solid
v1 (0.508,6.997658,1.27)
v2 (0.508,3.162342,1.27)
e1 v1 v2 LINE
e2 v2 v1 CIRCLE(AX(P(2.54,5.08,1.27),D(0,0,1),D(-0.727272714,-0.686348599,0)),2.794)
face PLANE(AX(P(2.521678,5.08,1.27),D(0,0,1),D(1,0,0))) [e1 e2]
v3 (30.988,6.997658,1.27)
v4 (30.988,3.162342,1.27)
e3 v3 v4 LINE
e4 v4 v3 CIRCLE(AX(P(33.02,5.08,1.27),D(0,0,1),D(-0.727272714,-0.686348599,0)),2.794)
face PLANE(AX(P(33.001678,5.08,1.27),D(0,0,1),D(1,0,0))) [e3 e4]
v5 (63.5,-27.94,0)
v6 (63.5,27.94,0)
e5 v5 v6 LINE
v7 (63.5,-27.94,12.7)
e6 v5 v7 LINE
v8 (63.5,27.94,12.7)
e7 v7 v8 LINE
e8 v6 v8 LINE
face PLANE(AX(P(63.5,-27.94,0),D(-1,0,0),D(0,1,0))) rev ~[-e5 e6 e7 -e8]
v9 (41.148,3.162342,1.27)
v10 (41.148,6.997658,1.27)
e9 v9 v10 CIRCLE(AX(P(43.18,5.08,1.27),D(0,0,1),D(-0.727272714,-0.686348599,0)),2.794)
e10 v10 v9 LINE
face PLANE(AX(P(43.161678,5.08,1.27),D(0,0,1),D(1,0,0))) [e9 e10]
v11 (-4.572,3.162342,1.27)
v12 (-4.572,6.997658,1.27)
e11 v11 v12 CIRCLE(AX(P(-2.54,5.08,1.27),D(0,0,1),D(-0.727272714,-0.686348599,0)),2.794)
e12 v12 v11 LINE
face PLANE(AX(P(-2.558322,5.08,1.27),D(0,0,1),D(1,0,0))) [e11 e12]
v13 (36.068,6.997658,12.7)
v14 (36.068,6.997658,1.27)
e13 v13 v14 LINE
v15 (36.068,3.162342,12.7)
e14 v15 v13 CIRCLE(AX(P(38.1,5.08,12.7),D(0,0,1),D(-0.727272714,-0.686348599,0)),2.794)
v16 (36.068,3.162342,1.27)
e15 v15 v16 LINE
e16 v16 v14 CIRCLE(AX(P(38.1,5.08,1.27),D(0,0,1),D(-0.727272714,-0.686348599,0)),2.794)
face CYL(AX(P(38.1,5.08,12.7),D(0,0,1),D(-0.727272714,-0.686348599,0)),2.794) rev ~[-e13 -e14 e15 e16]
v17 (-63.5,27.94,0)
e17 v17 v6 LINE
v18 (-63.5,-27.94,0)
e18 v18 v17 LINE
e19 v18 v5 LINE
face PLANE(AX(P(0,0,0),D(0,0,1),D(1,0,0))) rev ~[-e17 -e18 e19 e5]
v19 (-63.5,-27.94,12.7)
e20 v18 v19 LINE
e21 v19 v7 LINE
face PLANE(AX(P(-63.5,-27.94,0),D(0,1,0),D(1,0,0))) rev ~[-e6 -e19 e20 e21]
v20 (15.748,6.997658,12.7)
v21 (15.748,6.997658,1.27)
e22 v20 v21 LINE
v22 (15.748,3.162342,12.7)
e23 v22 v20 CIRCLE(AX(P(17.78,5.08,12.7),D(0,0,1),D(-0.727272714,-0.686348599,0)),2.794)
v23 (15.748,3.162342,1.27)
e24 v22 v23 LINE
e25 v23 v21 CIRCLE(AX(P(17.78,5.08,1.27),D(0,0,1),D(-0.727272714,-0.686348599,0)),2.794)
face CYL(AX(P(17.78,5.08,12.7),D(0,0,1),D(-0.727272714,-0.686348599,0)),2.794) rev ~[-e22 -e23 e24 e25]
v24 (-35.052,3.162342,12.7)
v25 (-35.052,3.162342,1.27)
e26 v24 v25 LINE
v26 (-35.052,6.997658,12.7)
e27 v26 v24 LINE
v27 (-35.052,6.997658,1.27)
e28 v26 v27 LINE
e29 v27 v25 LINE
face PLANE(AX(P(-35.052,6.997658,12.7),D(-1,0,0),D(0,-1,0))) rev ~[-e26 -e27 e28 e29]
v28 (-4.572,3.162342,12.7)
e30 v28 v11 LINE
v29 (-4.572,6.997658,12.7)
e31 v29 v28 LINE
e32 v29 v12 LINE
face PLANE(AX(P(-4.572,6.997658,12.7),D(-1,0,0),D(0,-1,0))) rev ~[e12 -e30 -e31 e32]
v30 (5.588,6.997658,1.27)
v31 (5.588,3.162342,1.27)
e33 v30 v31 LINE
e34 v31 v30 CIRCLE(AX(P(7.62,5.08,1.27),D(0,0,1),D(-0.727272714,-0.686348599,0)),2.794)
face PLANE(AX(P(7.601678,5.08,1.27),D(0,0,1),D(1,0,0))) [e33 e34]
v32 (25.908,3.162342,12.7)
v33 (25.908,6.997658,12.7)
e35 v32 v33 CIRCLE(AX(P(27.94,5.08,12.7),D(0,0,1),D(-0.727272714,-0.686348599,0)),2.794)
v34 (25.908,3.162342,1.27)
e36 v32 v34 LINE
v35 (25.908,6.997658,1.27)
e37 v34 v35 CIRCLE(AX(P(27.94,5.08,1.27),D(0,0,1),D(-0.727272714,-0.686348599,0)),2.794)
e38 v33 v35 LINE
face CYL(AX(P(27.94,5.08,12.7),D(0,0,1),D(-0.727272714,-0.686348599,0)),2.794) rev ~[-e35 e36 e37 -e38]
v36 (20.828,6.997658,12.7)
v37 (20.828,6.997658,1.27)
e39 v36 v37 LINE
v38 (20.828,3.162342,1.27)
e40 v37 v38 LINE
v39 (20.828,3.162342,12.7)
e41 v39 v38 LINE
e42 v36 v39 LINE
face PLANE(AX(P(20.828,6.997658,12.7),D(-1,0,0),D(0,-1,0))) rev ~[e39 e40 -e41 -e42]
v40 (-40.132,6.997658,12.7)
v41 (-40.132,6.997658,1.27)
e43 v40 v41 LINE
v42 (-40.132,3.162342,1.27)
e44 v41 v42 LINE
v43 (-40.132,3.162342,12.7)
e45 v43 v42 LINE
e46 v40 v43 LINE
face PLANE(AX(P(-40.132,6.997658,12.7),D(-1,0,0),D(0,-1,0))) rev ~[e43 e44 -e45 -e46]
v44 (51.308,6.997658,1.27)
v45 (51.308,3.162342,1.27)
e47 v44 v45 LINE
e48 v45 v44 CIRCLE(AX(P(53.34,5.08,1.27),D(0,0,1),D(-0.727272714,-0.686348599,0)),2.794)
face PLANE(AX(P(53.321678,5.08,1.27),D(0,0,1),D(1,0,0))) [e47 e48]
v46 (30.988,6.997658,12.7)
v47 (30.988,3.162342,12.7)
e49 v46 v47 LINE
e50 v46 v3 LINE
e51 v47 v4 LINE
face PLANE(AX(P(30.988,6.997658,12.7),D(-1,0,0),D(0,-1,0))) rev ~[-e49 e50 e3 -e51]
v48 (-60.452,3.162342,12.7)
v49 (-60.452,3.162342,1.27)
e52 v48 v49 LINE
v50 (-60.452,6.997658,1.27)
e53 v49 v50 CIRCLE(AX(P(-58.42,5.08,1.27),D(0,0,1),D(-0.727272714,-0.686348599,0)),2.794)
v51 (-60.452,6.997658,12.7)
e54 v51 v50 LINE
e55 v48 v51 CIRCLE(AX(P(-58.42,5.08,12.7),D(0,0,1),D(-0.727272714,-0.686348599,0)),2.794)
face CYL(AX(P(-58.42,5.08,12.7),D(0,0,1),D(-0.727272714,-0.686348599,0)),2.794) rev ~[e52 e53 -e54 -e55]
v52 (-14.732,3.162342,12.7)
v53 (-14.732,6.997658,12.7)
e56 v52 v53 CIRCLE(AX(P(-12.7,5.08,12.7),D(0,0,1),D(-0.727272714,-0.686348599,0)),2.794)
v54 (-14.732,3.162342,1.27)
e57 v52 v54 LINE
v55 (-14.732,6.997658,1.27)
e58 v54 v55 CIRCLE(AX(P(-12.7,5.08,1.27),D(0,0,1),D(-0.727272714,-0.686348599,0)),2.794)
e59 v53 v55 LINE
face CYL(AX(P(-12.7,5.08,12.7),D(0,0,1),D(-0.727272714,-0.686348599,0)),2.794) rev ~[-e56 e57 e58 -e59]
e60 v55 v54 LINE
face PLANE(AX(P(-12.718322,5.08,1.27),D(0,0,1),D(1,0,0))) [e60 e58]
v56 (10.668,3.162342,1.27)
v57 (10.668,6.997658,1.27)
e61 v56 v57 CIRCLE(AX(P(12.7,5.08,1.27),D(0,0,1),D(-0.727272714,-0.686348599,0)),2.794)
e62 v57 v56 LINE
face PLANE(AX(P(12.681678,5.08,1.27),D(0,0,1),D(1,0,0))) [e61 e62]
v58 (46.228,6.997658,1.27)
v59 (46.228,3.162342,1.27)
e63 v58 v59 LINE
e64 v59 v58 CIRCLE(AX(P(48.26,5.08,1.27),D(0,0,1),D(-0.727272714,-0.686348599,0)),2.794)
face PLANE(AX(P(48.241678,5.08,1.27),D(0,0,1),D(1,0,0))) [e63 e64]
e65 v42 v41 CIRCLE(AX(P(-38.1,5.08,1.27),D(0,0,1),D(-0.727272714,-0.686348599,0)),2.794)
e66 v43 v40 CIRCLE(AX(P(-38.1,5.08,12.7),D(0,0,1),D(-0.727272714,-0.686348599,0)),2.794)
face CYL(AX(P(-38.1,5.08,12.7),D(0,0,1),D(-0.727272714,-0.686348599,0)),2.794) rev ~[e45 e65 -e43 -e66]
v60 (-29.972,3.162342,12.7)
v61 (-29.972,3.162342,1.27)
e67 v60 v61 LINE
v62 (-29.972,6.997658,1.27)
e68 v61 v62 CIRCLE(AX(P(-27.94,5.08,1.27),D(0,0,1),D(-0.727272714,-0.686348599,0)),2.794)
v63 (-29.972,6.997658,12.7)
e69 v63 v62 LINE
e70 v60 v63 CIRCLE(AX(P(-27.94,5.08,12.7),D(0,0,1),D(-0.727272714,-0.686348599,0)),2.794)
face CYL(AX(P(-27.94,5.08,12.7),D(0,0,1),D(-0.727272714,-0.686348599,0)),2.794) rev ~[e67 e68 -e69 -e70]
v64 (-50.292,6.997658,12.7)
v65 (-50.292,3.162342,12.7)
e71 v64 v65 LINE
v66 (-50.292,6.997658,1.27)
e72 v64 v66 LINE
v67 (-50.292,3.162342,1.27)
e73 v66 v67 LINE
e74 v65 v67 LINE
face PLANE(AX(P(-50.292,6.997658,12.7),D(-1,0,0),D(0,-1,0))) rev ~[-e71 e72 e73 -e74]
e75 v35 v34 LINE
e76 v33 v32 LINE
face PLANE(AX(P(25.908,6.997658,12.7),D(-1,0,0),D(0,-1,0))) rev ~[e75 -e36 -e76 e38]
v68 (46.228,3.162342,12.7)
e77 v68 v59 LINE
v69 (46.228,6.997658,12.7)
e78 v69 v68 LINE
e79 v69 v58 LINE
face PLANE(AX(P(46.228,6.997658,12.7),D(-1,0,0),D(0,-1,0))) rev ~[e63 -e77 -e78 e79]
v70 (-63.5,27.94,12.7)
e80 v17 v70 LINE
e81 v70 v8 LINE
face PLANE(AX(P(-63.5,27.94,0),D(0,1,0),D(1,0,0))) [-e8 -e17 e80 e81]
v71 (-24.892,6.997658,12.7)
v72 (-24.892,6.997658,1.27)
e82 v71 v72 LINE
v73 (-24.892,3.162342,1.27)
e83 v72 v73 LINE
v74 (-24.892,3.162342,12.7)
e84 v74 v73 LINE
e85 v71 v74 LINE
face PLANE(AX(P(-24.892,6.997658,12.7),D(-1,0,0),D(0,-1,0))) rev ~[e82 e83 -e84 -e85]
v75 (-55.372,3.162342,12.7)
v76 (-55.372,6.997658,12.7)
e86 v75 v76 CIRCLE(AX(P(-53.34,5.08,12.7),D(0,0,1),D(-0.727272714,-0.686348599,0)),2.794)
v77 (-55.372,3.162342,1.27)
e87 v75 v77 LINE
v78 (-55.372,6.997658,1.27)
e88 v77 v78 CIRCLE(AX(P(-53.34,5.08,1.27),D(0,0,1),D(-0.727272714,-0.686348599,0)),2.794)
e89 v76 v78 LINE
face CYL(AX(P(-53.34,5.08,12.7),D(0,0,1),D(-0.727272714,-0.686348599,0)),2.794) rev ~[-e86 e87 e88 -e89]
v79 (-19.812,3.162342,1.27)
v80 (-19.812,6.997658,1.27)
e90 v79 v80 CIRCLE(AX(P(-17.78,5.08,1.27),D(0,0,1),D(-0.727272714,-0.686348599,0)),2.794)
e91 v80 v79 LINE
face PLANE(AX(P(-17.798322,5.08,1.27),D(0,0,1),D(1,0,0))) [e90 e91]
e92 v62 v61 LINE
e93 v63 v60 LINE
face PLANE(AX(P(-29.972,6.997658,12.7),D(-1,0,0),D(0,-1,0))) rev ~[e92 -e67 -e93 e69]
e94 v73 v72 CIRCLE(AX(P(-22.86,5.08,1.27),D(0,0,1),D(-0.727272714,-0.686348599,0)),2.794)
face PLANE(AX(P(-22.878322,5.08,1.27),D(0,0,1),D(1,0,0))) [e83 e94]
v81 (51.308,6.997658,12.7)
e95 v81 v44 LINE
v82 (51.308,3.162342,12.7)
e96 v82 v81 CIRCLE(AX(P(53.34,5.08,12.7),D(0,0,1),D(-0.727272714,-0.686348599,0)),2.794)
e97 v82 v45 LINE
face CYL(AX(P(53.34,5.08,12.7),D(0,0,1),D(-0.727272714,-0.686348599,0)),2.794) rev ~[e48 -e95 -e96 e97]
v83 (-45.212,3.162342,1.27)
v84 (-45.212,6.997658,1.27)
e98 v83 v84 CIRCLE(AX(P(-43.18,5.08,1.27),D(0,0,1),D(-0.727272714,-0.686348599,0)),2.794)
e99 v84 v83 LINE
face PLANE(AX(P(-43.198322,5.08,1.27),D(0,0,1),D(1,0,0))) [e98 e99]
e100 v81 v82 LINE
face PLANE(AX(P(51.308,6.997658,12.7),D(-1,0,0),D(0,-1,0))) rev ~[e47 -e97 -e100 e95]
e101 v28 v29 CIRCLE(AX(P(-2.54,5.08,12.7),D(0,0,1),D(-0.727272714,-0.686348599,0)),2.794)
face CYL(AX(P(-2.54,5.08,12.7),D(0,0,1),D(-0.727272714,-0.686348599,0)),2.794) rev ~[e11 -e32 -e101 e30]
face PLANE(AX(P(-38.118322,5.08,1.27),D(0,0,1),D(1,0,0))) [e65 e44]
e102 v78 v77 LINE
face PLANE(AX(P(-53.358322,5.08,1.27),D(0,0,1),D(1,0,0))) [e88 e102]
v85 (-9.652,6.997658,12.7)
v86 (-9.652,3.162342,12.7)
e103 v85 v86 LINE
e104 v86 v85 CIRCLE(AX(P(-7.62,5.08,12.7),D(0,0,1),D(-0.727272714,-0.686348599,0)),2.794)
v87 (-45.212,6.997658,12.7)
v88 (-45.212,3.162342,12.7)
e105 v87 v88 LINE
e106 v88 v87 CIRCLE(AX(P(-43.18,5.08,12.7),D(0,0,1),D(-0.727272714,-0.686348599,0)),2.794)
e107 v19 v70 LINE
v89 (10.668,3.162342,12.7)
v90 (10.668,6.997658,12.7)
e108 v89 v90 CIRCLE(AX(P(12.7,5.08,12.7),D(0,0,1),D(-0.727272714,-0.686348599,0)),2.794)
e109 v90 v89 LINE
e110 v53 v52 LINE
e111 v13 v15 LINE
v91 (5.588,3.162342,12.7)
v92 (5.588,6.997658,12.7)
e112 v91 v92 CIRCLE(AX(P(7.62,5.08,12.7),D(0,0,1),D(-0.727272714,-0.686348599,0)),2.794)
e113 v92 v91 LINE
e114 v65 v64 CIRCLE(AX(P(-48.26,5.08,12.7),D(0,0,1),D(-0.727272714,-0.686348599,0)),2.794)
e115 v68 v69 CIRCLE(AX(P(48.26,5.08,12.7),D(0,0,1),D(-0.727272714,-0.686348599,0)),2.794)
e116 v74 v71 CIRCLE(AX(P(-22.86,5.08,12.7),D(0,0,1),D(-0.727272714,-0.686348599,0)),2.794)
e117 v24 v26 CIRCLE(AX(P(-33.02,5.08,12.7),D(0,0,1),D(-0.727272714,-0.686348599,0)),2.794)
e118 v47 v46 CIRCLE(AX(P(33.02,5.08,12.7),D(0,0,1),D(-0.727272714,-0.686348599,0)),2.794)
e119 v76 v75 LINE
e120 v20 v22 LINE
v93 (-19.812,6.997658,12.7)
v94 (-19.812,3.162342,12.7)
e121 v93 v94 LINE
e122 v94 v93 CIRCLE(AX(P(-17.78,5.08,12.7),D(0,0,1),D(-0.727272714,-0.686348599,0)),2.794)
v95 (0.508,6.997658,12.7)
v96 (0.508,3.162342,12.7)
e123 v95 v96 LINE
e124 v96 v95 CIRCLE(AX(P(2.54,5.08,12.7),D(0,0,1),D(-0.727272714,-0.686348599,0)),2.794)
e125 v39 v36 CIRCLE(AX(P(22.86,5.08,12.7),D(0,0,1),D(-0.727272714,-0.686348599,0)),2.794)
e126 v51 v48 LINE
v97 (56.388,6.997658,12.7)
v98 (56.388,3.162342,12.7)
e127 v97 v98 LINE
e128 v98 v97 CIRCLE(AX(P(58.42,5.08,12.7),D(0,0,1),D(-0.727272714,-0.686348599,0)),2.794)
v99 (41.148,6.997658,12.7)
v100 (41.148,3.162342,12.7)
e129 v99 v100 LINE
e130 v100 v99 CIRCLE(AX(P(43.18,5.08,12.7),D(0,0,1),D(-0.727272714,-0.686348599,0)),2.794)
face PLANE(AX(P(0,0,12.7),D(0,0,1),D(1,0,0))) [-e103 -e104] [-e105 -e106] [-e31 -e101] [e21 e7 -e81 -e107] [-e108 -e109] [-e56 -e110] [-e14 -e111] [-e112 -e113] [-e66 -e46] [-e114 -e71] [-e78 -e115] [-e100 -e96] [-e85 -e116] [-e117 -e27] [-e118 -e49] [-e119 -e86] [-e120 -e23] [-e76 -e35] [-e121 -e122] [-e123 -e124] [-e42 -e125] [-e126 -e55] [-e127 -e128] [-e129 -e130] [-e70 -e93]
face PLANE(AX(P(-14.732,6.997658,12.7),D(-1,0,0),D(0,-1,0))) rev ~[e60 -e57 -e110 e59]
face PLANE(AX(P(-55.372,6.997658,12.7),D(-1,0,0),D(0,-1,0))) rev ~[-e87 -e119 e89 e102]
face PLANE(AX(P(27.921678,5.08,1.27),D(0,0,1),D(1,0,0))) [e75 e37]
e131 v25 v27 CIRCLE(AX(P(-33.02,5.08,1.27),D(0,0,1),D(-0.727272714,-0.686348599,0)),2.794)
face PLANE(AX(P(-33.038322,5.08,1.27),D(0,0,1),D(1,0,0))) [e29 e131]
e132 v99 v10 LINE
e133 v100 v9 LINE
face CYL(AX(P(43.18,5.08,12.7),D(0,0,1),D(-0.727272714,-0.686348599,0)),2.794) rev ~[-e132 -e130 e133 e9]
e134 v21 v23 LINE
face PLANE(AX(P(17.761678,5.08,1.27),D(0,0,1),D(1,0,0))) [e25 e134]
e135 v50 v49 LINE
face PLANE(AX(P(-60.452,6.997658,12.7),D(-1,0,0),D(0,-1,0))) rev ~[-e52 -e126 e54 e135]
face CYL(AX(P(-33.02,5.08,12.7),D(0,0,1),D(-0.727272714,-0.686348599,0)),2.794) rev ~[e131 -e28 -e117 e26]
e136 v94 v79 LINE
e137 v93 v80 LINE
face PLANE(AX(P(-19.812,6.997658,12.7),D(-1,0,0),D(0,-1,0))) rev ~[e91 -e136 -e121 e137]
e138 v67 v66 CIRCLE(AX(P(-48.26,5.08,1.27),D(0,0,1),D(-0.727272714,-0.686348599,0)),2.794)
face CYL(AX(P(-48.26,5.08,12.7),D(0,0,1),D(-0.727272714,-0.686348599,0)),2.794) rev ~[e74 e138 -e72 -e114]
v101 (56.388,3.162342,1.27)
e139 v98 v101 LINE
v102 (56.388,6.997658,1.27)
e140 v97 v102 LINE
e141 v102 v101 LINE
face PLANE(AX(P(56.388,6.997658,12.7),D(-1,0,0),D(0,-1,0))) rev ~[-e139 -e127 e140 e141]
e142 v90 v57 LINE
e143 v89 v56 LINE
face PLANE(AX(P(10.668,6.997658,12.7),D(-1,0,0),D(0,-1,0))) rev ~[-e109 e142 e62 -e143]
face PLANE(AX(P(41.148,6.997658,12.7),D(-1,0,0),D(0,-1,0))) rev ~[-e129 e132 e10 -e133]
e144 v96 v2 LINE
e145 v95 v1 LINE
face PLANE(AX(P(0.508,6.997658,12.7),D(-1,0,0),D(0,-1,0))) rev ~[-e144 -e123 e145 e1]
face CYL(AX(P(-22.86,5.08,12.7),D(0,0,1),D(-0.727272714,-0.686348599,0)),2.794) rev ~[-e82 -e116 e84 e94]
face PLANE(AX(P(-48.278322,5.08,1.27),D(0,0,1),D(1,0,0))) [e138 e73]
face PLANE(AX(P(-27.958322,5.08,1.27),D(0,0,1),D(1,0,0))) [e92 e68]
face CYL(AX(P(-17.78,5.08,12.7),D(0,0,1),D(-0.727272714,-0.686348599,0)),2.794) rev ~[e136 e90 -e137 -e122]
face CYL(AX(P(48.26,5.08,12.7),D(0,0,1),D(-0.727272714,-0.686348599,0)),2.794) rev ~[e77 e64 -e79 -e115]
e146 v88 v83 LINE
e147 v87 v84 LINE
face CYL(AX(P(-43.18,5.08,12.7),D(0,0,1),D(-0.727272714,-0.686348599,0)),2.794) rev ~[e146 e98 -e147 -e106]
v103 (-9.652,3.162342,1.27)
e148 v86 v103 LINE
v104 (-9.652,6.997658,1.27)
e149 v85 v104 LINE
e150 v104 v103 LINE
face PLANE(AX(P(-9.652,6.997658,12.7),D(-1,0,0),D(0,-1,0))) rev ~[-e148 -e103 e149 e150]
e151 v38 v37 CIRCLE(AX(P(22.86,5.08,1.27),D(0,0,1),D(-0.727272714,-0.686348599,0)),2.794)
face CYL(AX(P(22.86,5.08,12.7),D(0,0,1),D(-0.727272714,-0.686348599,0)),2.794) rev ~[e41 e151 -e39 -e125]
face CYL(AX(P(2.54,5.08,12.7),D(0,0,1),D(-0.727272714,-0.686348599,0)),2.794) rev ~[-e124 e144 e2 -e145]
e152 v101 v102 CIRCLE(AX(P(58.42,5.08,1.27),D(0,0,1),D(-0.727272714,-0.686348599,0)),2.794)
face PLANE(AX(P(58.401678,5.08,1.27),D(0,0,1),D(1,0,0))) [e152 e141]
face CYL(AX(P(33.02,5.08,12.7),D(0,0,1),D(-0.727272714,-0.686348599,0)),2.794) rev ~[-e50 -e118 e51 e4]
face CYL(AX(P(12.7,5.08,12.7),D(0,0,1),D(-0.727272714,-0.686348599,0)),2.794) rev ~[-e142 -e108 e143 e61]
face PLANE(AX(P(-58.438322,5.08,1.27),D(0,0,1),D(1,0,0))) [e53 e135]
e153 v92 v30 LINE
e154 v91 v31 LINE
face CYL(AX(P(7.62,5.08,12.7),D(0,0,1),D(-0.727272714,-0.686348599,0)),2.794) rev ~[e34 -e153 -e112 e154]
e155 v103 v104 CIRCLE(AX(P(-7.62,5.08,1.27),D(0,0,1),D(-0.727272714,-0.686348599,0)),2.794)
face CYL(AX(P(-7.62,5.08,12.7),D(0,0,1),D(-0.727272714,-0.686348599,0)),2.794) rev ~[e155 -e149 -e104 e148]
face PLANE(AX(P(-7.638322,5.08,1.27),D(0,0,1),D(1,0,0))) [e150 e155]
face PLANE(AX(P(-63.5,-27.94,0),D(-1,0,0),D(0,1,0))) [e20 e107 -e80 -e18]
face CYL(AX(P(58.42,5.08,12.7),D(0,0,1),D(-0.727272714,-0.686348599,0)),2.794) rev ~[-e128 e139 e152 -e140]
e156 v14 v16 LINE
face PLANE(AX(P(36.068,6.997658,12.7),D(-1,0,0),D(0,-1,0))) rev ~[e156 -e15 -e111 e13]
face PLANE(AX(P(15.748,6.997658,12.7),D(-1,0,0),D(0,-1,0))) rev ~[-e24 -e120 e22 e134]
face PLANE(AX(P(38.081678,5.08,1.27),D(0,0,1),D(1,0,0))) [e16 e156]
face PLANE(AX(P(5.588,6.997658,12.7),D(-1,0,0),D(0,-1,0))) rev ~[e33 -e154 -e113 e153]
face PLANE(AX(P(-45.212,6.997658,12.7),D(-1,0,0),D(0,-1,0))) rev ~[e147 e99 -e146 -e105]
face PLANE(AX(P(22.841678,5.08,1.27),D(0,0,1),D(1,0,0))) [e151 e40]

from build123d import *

# Parameters (mm, degrees)
F0_W     = 127
F0_H     = 55.88
F1_DEPTH = 12.7
F3_DEPTH = 11.43


with BuildPart() as f1:
    # F0 (on Top) → F1 (new body)
    with BuildSketch(Plane.XY):
        Rectangle(F0_W, F0_H)
    extrude(amount=F1_DEPTH)

    # F2 (on face) → F3 (cut)
    with BuildSketch(Plane.XY.offset(12.7)):
        with BuildLine():
            Line((-60.452, 6.997658), (-60.452, 3.162342))
            ThreePointArc((-60.452, 3.162342), (-55.626, 5.08), (-60.452, 6.997658))
        make_face()
        with BuildLine():
            Line((-55.372, 6.997658), (-55.372, 3.162342))
            ThreePointArc((-55.372, 3.162342), (-50.546, 5.08), (-55.372, 6.997658))
        make_face()
        with BuildLine():
            Line((-50.292, 6.997658), (-50.292, 3.162342))
            ThreePointArc((-50.292, 3.162342), (-45.466, 5.08), (-50.292, 6.997658))
        make_face()
        with BuildLine():
            Line((-45.212, 6.997658), (-45.212, 3.162342))
            ThreePointArc((-45.212, 3.162342), (-40.386, 5.08), (-45.212, 6.997658))
        make_face()
        with BuildLine():
            Line((-40.132, 6.997658), (-40.132, 3.162342))
            ThreePointArc((-40.132, 3.162342), (-35.306, 5.08), (-40.132, 6.997658))
        make_face()
        with BuildLine():
            Line((-35.052, 6.997658), (-35.052, 3.162342))
            ThreePointArc((-35.052, 3.162342), (-30.226, 5.08), (-35.052, 6.997658))
        make_face()
        with BuildLine():
            Line((-29.972, 6.997658), (-29.972, 3.162342))
            ThreePointArc((-29.972, 3.162342), (-25.146, 5.08), (-29.972, 6.997658))
        make_face()
        with BuildLine():
            Line((-24.892, 6.997658), (-24.892, 3.162342))
            ThreePointArc((-24.892, 3.162342), (-20.066, 5.08), (-24.892, 6.997658))
        make_face()
        with BuildLine():
            Line((-19.812, 6.997658), (-19.812, 3.162342))
            ThreePointArc((-19.812, 3.162342), (-14.986, 5.08), (-19.812, 6.997658))
        make_face()
        with BuildLine():
            Line((-14.732, 6.997658), (-14.732, 3.162342))
            ThreePointArc((-14.732, 3.162342), (-9.906, 5.08), (-14.732, 6.997658))
        make_face()
        with BuildLine():
            Line((-9.652, 6.997658), (-9.652, 3.162342))
            ThreePointArc((-9.652, 3.162342), (-4.826, 5.08), (-9.652, 6.997658))
        make_face()
        with BuildLine():
            Line((-4.572, 6.997658), (-4.572, 3.162342))
            ThreePointArc((-4.572, 3.162342), (0.254, 5.08), (-4.572, 6.997658))
        make_face()
        with BuildLine():
            Line((0.508, 6.997658), (0.508, 3.162342))
            ThreePointArc((0.508, 3.162342), (5.334, 5.08), (0.508, 6.997658))
        make_face()
        with BuildLine():
            Line((5.588, 6.997658), (5.588, 3.162342))
            ThreePointArc((5.588, 3.162342), (10.414, 5.08), (5.588, 6.997658))
        make_face()
        with BuildLine():
            Line((10.668, 6.997658), (10.668, 3.162342))
            ThreePointArc((10.668, 3.162342), (15.494, 5.08), (10.668, 6.997658))
        make_face()
        with BuildLine():
            Line((15.748, 6.997658), (15.748, 3.162342))
            ThreePointArc((15.748, 3.162342), (20.574, 5.08), (15.748, 6.997658))
        make_face()
        with BuildLine():
            Line((20.828, 6.997658), (20.828, 3.162342))
            ThreePointArc((20.828, 3.162342), (25.654, 5.08), (20.828, 6.997658))
        make_face()
        with BuildLine():
            Line((25.908, 6.997658), (25.908, 3.162342))
            ThreePointArc((25.908, 3.162342), (30.734, 5.08), (25.908, 6.997658))
        make_face()
        with BuildLine():
            Line((30.988, 6.997658), (30.988, 3.162342))
            ThreePointArc((30.988, 3.162342), (35.814, 5.08), (30.988, 6.997658))
        make_face()
        with BuildLine():
            Line((36.068, 6.997658), (36.068, 3.162342))
            ThreePointArc((36.068, 3.162342), (40.894, 5.08), (36.068, 6.997658))
        make_face()
        with BuildLine():
            Line((41.148, 6.997658), (41.148, 3.162342))
            ThreePointArc((41.148, 3.162342), (45.974, 5.08), (41.148, 6.997658))
        make_face()
        with BuildLine():
            Line((46.228, 6.997658), (46.228, 3.162342))
            ThreePointArc((46.228, 3.162342), (51.054, 5.08), (46.228, 6.997658))
        make_face()
        with BuildLine():
            Line((51.308, 6.997658), (51.308, 3.162342))
            ThreePointArc((51.308, 3.162342), (56.134, 5.08), (51.308, 6.997658))
        make_face()
        with BuildLine():
            Line((56.388, 6.997658), (56.388, 3.162342))
            ThreePointArc((56.388, 3.162342), (61.214, 5.08), (56.388, 6.997658))
        make_face()
    extrude(amount=-F3_DEPTH, mode=Mode.SUBTRACT)


solid = f1.part
